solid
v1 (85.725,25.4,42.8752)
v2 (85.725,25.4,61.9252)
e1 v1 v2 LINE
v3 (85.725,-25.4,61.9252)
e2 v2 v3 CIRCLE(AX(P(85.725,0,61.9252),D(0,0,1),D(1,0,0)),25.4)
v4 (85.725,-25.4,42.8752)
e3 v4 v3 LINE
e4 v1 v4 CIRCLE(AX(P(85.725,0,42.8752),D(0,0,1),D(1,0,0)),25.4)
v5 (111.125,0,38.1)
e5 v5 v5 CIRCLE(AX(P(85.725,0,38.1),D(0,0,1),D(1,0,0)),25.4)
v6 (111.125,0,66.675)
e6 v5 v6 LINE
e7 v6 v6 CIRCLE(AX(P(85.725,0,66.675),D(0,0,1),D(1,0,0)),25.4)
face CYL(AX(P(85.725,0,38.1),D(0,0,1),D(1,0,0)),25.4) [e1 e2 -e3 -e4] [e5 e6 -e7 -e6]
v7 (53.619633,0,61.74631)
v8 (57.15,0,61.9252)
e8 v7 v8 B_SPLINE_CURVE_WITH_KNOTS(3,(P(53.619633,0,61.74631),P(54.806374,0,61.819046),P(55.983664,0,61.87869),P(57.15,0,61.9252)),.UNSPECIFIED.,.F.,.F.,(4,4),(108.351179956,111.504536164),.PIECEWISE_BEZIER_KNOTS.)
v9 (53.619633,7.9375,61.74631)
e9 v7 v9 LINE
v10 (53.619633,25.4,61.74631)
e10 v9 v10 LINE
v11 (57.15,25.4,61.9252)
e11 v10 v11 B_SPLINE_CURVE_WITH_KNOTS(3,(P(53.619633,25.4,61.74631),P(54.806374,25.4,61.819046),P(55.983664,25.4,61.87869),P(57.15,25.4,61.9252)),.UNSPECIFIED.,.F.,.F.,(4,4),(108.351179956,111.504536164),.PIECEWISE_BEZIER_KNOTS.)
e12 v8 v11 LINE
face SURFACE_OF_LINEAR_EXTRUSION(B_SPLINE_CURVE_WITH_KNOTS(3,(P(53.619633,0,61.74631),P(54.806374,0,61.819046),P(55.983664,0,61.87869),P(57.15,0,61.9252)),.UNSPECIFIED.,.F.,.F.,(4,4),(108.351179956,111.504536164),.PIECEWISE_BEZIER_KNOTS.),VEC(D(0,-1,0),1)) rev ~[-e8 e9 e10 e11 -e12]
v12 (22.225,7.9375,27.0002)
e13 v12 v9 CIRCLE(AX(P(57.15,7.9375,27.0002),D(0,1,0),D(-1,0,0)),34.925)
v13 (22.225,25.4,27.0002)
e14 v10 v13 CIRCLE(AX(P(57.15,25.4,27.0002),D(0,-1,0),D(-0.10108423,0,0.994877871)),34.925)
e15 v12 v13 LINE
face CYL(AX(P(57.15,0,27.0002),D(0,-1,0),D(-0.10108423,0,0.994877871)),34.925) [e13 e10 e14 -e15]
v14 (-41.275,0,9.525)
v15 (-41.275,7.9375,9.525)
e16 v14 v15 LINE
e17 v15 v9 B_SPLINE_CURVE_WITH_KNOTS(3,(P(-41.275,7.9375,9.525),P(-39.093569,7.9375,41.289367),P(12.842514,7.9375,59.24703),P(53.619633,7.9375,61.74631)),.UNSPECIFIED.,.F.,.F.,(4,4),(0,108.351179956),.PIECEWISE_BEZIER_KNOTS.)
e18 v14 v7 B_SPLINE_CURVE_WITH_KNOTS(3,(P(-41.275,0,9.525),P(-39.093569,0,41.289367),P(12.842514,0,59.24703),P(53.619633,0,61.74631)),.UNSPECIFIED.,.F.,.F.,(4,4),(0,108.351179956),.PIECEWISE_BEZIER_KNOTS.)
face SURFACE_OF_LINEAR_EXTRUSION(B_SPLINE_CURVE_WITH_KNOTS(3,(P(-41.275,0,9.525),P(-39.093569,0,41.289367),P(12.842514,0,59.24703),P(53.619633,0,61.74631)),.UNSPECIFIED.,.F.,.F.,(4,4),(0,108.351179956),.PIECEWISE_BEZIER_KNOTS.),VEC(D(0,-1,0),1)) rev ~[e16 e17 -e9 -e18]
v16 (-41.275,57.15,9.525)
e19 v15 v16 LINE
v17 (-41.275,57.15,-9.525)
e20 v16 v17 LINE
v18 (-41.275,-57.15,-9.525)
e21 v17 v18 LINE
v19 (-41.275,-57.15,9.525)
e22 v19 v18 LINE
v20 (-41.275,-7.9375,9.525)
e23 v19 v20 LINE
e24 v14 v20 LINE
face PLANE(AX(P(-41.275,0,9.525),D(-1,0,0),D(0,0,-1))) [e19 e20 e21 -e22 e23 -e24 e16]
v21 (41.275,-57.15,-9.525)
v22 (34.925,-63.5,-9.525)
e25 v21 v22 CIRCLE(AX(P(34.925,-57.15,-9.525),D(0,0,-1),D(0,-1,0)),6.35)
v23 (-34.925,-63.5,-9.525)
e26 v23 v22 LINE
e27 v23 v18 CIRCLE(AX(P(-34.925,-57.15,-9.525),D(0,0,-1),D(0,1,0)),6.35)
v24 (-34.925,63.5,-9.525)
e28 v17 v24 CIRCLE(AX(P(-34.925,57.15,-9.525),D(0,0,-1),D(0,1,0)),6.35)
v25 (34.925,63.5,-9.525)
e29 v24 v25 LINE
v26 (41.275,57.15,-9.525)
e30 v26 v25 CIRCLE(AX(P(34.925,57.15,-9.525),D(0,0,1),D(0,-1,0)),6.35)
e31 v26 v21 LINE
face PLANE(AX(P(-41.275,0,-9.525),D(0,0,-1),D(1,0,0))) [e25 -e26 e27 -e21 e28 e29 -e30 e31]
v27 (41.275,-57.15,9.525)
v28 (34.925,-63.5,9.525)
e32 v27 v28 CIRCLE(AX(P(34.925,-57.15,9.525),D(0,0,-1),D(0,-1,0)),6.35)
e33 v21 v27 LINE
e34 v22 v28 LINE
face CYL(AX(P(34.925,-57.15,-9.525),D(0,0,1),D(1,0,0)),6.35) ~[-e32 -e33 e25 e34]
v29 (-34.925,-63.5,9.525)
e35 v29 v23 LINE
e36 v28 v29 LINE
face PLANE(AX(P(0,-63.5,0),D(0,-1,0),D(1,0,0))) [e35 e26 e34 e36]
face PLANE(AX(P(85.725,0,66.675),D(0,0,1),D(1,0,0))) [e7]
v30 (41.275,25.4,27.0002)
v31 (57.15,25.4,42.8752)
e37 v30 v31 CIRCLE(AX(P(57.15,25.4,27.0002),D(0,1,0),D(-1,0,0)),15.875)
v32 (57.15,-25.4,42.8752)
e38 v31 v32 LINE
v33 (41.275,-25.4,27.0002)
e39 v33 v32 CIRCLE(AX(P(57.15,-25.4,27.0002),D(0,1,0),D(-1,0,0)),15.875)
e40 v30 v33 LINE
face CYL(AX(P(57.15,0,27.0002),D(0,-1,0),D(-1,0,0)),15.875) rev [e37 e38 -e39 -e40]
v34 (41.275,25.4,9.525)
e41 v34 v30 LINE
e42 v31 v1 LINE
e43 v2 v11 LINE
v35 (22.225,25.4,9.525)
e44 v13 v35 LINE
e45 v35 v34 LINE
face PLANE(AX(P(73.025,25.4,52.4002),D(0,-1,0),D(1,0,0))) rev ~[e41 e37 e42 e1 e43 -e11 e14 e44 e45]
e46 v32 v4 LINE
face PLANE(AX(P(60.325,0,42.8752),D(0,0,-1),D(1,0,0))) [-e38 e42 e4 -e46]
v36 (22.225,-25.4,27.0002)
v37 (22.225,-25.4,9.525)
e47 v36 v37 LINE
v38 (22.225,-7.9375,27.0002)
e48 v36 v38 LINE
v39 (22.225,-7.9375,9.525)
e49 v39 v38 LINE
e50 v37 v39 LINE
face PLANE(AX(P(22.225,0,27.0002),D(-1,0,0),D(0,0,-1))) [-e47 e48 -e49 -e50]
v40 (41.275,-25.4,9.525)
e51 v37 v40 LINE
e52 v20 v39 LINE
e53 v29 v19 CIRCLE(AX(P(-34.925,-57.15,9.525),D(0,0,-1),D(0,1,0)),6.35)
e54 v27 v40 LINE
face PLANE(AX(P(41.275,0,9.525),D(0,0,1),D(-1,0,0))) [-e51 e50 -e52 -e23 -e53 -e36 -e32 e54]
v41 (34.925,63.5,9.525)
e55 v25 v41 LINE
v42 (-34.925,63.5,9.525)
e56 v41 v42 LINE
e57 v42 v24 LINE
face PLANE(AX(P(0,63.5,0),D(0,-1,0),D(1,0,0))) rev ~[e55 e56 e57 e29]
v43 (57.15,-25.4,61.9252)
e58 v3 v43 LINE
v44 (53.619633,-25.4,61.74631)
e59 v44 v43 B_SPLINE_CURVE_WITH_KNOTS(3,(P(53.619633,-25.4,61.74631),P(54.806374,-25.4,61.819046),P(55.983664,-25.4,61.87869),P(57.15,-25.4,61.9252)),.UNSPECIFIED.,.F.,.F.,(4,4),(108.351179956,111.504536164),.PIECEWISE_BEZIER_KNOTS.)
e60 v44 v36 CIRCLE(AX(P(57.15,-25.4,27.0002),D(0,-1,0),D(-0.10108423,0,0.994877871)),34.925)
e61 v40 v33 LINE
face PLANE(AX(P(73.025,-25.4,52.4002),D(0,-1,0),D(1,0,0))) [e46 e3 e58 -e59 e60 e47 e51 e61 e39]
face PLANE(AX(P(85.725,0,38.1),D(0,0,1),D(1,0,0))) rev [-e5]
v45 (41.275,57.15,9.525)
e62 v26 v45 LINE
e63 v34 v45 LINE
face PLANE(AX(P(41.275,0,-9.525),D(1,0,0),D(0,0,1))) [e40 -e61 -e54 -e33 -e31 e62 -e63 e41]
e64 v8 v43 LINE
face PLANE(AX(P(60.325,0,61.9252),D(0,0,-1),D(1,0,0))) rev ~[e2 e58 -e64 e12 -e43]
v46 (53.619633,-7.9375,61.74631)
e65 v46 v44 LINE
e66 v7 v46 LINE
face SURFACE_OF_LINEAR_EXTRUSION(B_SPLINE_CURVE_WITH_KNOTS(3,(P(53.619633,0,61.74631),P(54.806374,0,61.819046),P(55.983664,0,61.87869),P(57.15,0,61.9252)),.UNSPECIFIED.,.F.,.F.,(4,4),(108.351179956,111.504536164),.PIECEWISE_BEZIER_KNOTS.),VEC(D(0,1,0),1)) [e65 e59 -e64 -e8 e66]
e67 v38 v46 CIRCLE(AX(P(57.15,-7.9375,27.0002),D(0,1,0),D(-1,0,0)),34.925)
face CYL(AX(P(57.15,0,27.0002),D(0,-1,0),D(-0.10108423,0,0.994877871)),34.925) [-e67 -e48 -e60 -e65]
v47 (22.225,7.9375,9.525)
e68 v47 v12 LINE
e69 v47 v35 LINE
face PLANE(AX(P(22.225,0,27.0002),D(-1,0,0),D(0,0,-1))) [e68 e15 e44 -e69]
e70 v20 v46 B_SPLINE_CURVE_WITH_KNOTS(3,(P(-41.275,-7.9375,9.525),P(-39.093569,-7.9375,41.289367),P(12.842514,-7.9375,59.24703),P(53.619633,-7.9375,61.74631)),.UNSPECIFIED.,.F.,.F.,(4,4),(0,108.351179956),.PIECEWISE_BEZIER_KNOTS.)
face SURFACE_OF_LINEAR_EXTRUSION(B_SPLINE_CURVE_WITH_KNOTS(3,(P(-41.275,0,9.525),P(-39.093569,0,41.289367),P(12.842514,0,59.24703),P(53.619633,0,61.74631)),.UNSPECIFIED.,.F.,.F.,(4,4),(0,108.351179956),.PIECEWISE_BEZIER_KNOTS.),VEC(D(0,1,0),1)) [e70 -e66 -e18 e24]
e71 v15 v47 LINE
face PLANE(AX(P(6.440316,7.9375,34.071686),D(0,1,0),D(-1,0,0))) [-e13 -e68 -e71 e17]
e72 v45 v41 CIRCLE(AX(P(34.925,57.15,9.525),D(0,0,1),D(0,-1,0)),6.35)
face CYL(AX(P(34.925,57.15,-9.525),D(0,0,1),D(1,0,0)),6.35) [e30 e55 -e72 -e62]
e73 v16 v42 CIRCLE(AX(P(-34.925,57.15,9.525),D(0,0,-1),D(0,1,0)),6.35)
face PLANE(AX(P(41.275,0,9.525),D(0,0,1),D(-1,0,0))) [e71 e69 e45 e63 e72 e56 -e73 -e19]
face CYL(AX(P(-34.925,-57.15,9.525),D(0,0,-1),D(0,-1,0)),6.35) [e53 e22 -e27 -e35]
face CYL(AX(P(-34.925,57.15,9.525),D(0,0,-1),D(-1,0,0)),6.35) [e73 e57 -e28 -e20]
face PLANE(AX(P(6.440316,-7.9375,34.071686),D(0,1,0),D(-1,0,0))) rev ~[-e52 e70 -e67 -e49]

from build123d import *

# Parameters (mm, degrees)
F1_DEPTH = 63.5
F2_DEPTH = 25.4
F0_W     = 25.4
F0_H     = 19.05
F3_DEPTH = 25.4
F4_DEPTH = 7.9375
F6_R     = 6.35


with BuildPart() as f1:
    # F0 (on Front) → F1 (new body, symmetric)
    with BuildSketch(Plane.XZ):
        Polygon((-41.275, 9.525), (-41.275, -9.525), (41.275, -9.525), (41.275, 9.525), (22.225, 9.525), align=None)
    extrude(amount=F1_DEPTH, both=True)

    # F0 (on Front) → F2 (join, symmetric)
    with BuildSketch(Plane.XZ):
        with BuildLine():
            Line((22.225, 9.525), (41.275, 9.525))
            Line((41.275, 9.525), (41.275, 27.0002))
            ThreePointArc((41.275, 27.0002), (45.9246798487, 38.2255201513), (57.15, 42.8752))
            Line((57.15, 42.8752), (60.325, 42.8752))
            Line((60.325, 42.8752), (60.325, 61.9252))
            Line((60.325, 61.9252), (57.15, 61.9252))
            add(Edge.make_bspline(
                [(53.6196332625, 61.7463096484), (54.8063742239, 61.8190464484), (55.9836636447, 61.878690137), (57.15, 61.9252)],
                knots=[108.3511799564, 108.3511799564, 108.3511799564, 108.3511799564, 111.5045361635, 111.5045361635, 111.5045361635, 111.5045361635], degree=3))
            ThreePointArc((53.6196332625, 61.7463096484), (31.2361650531, 50.4144858816), (22.225, 27.0002))
            Line((22.225, 27.0002), (22.225, 9.525))
        make_face()
    extrude(amount=F2_DEPTH, both=True)

    # F0 (on Front) → F3 (join, symmetric)
    with BuildSketch(Plane.XZ):
        with Locations((73.025, 52.4002)):
            Rectangle(F0_W, F0_H)
    extrude(amount=F3_DEPTH, both=True)

    # F0 (on Front) → F4 (join, symmetric)
    with BuildSketch(Plane.XZ):
        with BuildLine():
            add(Edge.make_bspline(
                [(-41.275, 9.525), (-39.0935689496, 41.2893669107), (12.8425135763, 59.2470302808), (53.6196332625, 61.7463096484)],
                knots=[0, 0, 0, 0, 108.3511799564, 108.3511799564, 108.3511799564, 108.3511799564], degree=3))
            Line((-41.275, 9.525), (22.225, 9.525))
            Line((22.225, 9.525), (22.225, 27.0002))
            ThreePointArc((22.225, 27.0002), (31.2361650531, 50.4144858816), (53.6196332625, 61.7463096484))
        make_face()
    extrude(amount=F4_DEPTH, both=True)

    # F0 (on Front) → F5 (revolve)
    with BuildSketch(Plane.XZ):
        Polygon((85.725, 66.675), (85.725, 61.9252), (85.725, 42.8752), (85.725, 38.1), (111.125, 38.1), (111.125, 66.675), align=None)
    revolve(axis=Axis((85.725, 0, 52.3875), (0, 0, 1)))

    # F6
    f6_edges = [f1.edges().sort_by_distance(p)[0] for p in [
        (41.275, -63.5, 0),
        (41.275, 63.5, 0),
        (-41.275, -63.5, 0),
        (-41.275, 63.5, 0),
    ]]
    fillet(f6_edges, radius=F6_R)


solid = f1.part
